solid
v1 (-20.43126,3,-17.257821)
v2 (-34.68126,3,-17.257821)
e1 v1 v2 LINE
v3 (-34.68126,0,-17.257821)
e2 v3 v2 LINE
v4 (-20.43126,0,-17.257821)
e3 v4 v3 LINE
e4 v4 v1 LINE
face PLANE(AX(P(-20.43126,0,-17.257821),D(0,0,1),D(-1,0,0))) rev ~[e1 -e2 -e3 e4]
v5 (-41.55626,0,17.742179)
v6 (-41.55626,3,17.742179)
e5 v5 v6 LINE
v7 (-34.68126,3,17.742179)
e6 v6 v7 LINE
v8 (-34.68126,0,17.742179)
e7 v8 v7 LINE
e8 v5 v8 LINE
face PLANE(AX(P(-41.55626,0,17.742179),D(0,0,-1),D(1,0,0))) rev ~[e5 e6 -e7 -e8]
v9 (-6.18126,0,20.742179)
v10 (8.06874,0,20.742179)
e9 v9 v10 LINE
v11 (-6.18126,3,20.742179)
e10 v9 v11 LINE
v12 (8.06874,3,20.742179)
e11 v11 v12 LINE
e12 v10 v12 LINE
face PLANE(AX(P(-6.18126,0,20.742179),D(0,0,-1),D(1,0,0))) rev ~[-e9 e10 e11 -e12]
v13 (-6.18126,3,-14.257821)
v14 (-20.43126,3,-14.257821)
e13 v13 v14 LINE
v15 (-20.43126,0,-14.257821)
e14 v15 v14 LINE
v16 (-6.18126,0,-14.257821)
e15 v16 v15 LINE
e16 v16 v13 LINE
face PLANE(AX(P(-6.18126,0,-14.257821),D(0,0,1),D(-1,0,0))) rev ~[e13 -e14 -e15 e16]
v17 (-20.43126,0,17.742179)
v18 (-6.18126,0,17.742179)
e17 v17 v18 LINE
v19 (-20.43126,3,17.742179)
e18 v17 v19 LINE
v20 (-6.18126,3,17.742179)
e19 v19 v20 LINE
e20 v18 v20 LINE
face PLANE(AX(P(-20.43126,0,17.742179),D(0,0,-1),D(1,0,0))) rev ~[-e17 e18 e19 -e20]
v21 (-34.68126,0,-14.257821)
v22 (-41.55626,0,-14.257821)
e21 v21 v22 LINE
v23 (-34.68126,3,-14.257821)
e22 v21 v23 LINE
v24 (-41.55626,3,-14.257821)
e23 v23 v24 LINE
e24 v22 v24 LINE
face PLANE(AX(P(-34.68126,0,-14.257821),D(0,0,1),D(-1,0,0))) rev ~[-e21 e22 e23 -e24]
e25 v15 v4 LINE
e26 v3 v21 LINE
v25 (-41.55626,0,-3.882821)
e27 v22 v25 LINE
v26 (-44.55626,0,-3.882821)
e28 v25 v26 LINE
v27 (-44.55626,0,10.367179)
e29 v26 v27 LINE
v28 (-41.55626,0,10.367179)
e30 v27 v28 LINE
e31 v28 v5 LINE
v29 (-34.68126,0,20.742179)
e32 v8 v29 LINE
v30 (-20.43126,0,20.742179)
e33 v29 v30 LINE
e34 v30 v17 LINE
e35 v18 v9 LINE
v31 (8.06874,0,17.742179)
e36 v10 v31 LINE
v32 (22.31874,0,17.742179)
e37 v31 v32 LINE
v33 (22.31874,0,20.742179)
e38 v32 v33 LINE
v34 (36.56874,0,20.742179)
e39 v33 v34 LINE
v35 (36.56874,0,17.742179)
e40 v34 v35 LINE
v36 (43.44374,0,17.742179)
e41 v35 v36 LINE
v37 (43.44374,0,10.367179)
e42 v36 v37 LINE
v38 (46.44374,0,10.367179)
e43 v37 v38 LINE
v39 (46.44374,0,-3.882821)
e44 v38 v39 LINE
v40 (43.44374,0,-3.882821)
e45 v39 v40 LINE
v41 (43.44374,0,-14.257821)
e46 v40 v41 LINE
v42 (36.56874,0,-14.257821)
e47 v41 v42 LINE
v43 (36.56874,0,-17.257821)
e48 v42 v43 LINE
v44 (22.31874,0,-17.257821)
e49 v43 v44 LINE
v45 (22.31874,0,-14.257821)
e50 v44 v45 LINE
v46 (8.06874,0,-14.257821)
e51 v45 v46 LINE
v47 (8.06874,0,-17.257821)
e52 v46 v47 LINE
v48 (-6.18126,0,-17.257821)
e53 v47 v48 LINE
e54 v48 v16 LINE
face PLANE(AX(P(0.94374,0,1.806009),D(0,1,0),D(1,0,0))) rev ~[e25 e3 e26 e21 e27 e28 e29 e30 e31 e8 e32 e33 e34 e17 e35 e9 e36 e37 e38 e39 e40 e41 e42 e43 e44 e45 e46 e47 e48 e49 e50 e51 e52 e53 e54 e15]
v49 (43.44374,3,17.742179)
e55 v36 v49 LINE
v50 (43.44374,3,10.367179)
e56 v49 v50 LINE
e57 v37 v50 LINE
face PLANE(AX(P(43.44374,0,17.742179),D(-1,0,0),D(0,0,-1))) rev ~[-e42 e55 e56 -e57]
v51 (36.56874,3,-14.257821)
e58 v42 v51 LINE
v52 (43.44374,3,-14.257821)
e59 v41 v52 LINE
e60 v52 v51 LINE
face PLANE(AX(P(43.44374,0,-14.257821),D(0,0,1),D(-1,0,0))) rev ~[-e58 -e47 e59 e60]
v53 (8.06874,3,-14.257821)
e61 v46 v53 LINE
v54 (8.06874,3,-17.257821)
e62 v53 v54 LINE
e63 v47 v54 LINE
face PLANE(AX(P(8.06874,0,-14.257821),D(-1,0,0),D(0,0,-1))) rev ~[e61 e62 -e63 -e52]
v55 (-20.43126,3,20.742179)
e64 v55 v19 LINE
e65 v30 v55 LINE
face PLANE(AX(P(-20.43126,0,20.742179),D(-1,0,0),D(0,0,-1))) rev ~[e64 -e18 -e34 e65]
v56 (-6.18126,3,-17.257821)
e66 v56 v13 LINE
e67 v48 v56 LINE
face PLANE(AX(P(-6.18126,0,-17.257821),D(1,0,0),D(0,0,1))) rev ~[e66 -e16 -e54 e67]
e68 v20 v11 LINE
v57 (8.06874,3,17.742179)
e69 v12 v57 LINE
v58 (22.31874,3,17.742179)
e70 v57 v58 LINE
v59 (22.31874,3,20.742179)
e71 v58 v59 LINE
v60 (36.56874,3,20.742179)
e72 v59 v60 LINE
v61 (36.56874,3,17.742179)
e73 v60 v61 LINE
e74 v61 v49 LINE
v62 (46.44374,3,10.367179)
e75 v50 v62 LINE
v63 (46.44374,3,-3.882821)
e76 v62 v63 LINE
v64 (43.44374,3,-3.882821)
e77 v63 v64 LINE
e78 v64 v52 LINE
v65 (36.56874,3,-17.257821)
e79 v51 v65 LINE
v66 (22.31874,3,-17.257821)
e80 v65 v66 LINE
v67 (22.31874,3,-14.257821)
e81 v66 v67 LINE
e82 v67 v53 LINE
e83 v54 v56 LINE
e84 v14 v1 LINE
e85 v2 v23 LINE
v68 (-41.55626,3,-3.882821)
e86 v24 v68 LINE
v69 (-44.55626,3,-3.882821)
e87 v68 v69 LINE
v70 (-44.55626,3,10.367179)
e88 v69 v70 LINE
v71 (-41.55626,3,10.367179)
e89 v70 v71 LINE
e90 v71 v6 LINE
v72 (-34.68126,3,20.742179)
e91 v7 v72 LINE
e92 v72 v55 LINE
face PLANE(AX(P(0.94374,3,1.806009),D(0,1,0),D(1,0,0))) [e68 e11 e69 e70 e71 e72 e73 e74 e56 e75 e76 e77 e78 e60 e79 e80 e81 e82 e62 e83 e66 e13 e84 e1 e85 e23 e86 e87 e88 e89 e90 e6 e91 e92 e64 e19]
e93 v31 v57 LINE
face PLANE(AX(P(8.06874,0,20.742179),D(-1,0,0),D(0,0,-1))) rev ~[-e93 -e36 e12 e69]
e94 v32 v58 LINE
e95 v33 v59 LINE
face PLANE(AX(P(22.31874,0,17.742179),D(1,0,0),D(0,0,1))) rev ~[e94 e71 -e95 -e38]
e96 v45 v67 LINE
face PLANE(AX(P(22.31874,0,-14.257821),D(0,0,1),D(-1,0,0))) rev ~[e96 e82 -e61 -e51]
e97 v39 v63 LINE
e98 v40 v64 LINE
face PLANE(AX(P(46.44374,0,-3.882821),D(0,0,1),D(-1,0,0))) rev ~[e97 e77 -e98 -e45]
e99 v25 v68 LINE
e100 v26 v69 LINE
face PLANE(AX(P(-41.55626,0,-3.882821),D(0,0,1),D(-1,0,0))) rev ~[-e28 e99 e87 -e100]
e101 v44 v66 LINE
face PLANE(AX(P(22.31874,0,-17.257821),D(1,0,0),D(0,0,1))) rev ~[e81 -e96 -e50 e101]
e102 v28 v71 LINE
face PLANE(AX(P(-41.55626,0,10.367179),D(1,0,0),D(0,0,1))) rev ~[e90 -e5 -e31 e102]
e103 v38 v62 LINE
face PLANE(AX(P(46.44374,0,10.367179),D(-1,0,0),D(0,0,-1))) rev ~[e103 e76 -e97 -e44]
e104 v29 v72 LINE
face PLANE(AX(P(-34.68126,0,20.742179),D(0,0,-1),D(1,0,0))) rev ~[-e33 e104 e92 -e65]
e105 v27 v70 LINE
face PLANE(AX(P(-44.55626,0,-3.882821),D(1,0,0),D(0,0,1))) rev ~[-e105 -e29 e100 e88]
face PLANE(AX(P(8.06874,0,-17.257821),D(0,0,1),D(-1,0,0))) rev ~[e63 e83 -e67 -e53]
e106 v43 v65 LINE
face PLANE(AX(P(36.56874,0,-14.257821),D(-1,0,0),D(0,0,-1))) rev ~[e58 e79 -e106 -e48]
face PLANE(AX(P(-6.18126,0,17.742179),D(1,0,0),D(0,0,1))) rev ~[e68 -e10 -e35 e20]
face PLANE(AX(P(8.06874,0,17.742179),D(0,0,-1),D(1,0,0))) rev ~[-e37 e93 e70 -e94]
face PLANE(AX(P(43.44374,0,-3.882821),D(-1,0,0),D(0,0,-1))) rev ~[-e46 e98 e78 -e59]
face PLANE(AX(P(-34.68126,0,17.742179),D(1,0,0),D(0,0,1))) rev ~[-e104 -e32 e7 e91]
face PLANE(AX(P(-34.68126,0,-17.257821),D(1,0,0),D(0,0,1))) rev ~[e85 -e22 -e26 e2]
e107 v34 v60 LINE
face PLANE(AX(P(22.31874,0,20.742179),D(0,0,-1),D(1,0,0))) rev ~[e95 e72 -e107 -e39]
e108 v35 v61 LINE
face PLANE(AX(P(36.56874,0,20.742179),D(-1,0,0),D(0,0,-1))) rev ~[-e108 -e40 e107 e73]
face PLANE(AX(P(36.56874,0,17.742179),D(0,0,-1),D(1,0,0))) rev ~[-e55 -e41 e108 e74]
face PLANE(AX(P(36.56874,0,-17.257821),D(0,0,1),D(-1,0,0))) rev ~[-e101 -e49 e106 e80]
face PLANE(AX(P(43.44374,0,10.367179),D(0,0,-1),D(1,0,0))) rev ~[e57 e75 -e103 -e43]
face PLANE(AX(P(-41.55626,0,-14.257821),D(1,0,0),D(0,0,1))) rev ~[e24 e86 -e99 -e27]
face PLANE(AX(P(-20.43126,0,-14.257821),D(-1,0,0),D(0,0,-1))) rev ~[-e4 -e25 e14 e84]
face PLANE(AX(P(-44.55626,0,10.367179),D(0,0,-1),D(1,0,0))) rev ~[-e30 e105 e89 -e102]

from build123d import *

# Parameters (mm, degrees)
BOSS_EXTRUDE1_DEPTH = 3


with BuildPart() as part:
    # Sketch1 → Boss-Extrude1 (new body)
    with BuildSketch(Plane(origin=(0, 0, 0), x_dir=(1, 0, 0), z_dir=(0, 1, 0))):
        Polygon((-41.556260071, 14.257821204), (-41.556260071, 3.882821204), (-44.556260071, 3.882821204), (-44.556260071, -10.367178796), (-41.556260071, -10.367178796), (-41.556260071, -17.742178796), (-34.681260071, -17.742178796), (-34.681260071, -20.742178796), (-20.431260071, -20.742178796), (-20.431260071, -17.742178796), (-6.181260071, -17.742178796), (-6.181260071, -20.742178796), (8.068739929, -20.742178796), (8.068739929, -17.742178796), (22.318739929, -17.742178796), (22.318739929, -20.742178796), (36.568739929, -20.742178796), (36.568739929, -17.742178796), (43.443739929, -17.742178796), (43.443739929, -10.367178796), (46.443739929, -10.367178796), (46.443739929, 3.882821204), (43.443739929, 3.882821204), (43.443739929, 14.257821204), (36.568739929, 14.257821204), (36.568739929, 17.257821204), (22.318739929, 17.257821204), (22.318739929, 14.257821204), (8.068739929, 14.257821204), (8.068739929, 17.257821204), (-6.181260071, 17.257821204), (-6.181260071, 14.257821204), (-20.431260071, 14.257821204), (-20.431260071, 17.257821204), (-34.681260071, 17.257821204), (-34.681260071, 14.257821204), align=None)
    extrude(amount=BOSS_EXTRUDE1_DEPTH)


solid = part.part
